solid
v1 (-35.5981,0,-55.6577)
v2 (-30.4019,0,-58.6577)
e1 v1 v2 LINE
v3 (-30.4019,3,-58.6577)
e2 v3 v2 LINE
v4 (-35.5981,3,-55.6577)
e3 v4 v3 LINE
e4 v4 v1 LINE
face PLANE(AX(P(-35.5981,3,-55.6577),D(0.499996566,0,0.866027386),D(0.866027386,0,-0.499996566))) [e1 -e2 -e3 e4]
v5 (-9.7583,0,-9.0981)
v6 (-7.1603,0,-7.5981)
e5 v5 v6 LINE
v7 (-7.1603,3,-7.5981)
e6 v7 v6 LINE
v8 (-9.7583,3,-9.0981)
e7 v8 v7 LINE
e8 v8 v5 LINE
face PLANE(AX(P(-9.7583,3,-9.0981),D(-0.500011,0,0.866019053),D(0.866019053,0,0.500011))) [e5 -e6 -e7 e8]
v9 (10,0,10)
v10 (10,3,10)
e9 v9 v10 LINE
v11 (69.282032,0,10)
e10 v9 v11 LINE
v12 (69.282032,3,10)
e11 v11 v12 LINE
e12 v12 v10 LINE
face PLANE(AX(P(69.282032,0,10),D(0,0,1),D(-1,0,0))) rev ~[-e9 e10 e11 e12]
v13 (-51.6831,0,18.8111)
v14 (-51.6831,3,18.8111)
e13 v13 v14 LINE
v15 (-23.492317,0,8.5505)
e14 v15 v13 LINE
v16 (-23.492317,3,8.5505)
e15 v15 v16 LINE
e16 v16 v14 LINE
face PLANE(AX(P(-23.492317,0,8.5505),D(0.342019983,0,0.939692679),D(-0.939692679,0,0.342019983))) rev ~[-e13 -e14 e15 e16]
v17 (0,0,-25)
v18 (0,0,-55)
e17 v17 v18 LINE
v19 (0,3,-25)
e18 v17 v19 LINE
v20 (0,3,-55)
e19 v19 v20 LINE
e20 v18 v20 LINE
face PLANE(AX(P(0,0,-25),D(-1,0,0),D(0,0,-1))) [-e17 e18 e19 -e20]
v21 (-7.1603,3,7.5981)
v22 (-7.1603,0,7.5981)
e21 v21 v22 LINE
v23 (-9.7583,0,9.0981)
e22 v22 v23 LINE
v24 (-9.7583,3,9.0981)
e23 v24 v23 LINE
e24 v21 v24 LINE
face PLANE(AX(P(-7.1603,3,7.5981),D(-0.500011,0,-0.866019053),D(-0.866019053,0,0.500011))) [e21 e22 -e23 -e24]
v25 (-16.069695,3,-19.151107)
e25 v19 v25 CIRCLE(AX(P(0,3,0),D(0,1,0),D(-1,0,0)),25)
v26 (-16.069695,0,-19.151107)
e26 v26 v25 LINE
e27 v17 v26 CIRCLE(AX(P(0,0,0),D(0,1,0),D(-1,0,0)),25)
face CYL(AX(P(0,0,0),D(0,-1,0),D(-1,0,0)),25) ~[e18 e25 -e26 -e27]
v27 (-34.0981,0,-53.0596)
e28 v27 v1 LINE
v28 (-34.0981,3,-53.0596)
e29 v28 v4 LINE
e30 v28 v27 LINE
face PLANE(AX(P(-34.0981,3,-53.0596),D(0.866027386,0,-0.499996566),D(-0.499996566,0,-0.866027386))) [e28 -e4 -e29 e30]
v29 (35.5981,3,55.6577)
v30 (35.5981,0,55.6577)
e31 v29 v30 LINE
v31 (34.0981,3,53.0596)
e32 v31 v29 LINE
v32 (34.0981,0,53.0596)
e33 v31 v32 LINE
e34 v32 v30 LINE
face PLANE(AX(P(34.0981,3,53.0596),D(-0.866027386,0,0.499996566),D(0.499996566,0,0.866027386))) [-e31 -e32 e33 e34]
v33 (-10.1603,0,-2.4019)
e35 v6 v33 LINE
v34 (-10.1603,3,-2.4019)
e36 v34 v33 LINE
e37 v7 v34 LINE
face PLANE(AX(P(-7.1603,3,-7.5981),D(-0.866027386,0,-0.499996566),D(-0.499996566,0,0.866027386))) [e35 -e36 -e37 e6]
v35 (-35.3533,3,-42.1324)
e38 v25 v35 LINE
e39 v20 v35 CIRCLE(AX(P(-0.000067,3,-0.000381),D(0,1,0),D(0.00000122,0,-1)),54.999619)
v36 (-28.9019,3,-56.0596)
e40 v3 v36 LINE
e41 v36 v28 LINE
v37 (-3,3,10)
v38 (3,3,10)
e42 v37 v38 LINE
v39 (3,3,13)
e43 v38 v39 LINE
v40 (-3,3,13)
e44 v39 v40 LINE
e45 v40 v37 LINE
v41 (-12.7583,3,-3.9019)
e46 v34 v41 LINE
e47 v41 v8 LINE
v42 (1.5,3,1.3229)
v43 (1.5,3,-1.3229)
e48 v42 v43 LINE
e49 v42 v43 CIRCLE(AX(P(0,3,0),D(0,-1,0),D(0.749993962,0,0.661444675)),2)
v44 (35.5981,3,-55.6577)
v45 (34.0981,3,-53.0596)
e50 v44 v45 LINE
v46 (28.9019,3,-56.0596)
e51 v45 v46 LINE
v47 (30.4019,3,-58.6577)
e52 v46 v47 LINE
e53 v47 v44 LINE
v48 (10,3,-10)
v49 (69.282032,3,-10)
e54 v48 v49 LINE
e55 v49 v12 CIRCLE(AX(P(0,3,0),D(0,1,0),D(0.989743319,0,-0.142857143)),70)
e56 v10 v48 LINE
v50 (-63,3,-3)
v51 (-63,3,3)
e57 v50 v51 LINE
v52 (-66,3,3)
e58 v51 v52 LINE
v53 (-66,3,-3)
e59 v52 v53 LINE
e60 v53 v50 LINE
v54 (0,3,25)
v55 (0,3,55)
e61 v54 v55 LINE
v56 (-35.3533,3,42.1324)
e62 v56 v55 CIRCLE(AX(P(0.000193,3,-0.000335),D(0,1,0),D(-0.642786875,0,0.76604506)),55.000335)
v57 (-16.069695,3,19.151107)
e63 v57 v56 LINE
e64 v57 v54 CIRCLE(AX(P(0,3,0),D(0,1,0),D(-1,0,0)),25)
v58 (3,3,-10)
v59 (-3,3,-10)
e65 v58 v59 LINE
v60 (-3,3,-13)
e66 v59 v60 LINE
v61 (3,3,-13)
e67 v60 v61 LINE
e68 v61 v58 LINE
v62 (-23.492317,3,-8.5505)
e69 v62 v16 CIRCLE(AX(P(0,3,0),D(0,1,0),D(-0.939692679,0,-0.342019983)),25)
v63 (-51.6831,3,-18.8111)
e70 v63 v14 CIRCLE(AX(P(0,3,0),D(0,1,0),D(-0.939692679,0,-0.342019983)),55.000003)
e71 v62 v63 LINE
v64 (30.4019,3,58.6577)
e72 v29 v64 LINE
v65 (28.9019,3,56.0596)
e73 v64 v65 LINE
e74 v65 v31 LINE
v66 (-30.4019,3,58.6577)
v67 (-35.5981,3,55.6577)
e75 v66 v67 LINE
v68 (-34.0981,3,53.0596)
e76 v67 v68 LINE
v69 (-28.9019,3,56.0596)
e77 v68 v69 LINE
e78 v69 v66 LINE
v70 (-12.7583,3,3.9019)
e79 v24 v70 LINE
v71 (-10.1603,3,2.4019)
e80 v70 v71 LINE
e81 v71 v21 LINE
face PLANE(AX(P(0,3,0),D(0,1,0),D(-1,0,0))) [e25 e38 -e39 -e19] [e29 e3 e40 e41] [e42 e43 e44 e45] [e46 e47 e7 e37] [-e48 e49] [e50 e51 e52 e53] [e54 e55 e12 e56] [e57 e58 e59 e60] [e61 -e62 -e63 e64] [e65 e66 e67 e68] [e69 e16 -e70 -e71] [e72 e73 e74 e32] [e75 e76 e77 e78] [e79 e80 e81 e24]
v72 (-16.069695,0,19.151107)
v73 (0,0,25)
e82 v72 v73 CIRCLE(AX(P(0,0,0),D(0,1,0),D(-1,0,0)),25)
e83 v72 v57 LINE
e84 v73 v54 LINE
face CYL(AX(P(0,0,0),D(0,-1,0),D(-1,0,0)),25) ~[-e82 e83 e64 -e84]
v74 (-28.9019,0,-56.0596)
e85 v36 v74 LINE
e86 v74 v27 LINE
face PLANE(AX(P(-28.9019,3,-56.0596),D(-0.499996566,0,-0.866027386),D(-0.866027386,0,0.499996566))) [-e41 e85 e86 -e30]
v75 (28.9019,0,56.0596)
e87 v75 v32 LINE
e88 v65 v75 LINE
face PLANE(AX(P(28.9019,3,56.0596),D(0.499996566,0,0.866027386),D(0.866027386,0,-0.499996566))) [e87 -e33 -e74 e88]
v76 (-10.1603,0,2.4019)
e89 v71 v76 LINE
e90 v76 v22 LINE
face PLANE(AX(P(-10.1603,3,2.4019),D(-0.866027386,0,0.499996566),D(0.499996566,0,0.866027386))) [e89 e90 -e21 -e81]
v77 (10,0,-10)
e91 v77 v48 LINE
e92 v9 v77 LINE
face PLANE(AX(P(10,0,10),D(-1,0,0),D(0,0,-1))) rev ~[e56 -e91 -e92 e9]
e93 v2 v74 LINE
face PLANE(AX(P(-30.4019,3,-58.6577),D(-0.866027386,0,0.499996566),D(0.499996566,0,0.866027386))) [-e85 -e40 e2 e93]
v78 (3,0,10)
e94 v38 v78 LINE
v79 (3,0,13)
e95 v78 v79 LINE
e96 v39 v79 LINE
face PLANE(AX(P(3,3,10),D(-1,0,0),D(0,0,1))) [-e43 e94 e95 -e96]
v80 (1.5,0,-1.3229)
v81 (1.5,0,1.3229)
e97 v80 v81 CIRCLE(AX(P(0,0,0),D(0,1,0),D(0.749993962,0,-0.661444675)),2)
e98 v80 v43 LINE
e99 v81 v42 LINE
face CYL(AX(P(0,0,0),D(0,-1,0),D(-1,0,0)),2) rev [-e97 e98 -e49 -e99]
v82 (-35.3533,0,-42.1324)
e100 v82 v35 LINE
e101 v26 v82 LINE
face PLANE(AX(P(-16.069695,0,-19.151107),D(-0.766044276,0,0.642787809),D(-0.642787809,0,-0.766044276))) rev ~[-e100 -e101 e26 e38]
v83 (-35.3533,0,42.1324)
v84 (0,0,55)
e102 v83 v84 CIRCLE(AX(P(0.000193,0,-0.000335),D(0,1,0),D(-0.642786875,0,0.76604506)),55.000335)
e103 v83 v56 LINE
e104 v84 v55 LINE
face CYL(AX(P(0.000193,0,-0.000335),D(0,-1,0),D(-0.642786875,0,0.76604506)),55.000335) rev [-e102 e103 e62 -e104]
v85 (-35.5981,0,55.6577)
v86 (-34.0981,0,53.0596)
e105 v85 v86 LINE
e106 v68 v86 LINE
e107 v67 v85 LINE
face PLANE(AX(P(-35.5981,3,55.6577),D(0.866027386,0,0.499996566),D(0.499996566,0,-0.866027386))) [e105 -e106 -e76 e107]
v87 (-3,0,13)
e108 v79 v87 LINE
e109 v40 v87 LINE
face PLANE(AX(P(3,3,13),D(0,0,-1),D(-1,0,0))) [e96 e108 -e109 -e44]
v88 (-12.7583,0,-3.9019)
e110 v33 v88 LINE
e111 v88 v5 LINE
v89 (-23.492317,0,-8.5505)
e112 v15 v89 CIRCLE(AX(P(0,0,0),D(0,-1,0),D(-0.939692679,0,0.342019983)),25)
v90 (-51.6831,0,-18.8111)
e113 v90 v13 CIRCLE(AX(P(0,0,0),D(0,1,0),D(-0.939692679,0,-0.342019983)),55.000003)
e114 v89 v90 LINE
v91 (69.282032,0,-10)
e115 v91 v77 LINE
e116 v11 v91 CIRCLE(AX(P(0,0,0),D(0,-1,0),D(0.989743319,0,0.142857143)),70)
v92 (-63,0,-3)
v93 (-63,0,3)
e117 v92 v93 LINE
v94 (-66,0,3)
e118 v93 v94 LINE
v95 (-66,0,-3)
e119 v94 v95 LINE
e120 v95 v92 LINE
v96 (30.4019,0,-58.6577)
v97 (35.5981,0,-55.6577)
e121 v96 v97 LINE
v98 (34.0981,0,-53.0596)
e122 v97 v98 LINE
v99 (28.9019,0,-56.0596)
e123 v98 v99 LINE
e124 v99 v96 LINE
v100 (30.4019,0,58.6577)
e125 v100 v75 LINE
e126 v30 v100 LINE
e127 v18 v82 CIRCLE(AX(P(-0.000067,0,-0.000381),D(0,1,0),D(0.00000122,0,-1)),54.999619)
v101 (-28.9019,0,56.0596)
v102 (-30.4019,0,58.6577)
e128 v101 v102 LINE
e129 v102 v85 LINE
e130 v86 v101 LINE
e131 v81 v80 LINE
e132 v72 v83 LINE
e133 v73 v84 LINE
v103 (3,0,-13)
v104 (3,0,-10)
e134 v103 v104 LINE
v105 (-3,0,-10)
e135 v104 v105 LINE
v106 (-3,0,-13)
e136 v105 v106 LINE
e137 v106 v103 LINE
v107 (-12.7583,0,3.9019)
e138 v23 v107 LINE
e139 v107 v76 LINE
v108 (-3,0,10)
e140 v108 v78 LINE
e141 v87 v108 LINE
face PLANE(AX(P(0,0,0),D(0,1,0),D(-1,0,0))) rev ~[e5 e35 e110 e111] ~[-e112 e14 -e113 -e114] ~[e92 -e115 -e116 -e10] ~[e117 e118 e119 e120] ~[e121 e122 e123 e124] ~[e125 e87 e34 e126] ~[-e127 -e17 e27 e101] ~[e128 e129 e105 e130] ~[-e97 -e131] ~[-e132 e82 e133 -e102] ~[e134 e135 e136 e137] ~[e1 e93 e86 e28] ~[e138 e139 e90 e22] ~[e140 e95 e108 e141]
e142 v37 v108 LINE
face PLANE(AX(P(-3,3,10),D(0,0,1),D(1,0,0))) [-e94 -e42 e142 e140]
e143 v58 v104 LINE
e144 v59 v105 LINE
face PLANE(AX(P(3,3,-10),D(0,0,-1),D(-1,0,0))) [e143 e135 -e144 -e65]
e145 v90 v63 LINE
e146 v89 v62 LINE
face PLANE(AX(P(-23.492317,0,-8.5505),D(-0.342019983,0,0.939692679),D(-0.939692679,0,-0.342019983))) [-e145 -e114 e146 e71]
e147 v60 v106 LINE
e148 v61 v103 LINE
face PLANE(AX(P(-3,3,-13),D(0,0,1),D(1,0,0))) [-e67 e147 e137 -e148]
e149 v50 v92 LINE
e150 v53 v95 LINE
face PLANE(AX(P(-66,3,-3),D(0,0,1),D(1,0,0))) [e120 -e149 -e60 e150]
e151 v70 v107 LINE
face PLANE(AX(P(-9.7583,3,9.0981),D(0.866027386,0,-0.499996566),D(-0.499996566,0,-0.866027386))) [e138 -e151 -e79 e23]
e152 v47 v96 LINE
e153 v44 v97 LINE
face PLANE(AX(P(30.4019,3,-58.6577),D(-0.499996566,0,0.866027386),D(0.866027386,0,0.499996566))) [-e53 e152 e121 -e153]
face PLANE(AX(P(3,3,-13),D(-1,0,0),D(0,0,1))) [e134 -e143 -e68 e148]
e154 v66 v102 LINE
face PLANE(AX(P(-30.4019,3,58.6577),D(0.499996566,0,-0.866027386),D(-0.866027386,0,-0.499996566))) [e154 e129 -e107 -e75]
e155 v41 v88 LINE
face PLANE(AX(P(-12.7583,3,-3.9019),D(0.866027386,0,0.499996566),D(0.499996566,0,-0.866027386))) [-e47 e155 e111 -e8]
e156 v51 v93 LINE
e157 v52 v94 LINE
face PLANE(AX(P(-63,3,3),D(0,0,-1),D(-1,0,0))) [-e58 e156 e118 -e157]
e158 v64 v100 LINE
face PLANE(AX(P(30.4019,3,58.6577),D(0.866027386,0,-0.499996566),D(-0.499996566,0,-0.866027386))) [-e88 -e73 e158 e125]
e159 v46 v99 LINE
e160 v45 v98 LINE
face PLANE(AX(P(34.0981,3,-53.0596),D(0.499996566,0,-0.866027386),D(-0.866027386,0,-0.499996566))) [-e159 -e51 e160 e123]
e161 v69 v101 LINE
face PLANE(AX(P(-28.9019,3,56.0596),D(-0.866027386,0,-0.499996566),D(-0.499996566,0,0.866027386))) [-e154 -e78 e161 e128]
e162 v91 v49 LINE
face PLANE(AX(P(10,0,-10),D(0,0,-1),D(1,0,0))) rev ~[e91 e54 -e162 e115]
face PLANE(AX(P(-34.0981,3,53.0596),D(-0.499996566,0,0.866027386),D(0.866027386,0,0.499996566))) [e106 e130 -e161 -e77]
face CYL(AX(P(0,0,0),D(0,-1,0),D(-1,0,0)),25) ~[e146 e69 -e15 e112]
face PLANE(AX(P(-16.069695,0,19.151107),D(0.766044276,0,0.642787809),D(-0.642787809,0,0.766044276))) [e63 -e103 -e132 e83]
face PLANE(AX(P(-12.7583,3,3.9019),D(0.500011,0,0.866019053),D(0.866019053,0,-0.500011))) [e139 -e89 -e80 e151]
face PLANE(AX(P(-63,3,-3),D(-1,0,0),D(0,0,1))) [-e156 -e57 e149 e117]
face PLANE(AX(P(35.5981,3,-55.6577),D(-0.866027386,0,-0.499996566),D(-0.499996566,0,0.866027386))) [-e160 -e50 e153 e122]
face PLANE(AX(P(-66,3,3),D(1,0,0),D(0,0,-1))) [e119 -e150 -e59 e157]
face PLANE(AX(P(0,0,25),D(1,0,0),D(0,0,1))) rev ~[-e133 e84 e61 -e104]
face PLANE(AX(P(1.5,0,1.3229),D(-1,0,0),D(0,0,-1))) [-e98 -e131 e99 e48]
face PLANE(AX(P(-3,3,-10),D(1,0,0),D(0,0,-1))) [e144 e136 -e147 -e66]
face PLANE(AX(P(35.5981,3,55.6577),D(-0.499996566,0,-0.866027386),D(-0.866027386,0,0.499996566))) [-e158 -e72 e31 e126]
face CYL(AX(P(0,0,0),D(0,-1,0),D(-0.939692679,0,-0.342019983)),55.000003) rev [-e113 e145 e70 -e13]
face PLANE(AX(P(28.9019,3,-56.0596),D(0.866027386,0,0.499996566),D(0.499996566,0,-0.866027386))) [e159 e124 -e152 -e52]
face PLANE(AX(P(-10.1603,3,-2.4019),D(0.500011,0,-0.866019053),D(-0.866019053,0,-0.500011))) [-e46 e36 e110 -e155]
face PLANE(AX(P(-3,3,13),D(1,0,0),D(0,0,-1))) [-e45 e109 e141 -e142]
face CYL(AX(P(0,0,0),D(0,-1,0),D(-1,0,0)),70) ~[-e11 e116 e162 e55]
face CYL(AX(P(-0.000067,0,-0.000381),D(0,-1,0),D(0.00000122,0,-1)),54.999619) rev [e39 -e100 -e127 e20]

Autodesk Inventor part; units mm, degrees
ref_plane "YZ Plane" through (0, 0, 0) normal (1, 0, 0) x (0, 1, 0)
ref_plane "XZ Plane" through (0, 0, 0) normal (0, 1, 0) x (-1, 0, 0)
ref_plane "XY Plane" through (0, 0, 0) normal (0, 0, 1) x (1, 0, 0)
sketch "草圖1" plane through (0, 0, 0) normal (0, 1, 0) x (-1, 0, 0)
  circle A0 centre (0, 0) radius 70
  circle A1 centre (0, 0) radius 25
  line L0 (-70, 10) -> (-10, 10)
  line L1 (-10, 10) -> (-10, -10)
  line L2 (-10, -10) -> (-70, -10)
  line L3 (-70, -10) -> (-70, 10)
  line L4 (0, 0) -> (0, -55)
  line L5 (0, 0) -> (35.3533, -42.1324)
  arc A2 (0, -55) -> (35.3533, -42.1324) centre (0, 0) ccw
  line L6 (0, 0) -> (51.6831, -18.8111)
  line L7 (0, 0) -> (51.6831, 18.8111)
  arc A3 (51.6831, -18.8111) -> (51.6831, 18.8111) centre (0, 0) ccw
  line L8 (0, 0) -> (35.3533, 42.1324)
  line L9 (0, 0) -> (0, 55)
  arc A4 (35.3533, 42.1324) -> (0, 55) centre (0, 0) ccw
  line L10 (-9.3, -13.3795) -> (-36.7, -13.3795)
  line L11 (-36.7, -13.3795) -> (-36.7, -69.3795)
  line L12 (-36.7, -69.3795) -> (-9.3, -69.3795)
  line L13 (-9.3, -69.3795) -> (-9.3, -13.3795)
  line L14 (-7.8, -20.3795) -> (-10.8, -20.3795)
  line L15 (-10.8, -20.3795) -> (-10.8, -27.3795)
  line L16 (-10.8, -27.3795) -> (-7.8, -27.3795)
  line L17 (-7.8, -27.3795) -> (-7.8, -20.3795)
  line L18 (-7.8, -55.3795) -> (-10.8, -55.3795)
  line L19 (-10.8, -55.3795) -> (-10.8, -62.3795)
  line L20 (-10.8, -62.3795) -> (-7.8, -62.3795)
  line L21 (-7.8, -62.3795) -> (-7.8, -55.3795)
  line L22 (-35.2, -20.3795) -> (-38.2, -20.3795)
  line L23 (-38.2, -20.3795) -> (-38.2, -27.3795)
  line L24 (-38.2, -27.3795) -> (-35.2, -27.3795)
  line L25 (-35.2, -27.3795) -> (-35.2, -20.3795)
  line L26 (-35.2, -48.3795) -> (-38.2, -48.3795)
  line L27 (-38.2, -48.3795) -> (-38.2, -55.3795)
  line L28 (-38.2, -55.3795) -> (-35.2, -55.3795)
  line L29 (-35.2, -55.3795) -> (-35.2, -48.3795)
  circle A5 centre (0, 0) radius 2
  line L30 (-1.5, 1.3229) -> (-1.5, -1.3229)
  point P0 (-23, -13.3795)
  point P1 (-9.3, -20.3795)
  point P2 (-9.3, -62.3795)
  point P3 (-36.7, -20.3795)
  point P4 (-36.7, -48.3795)
  point P5 (16.0697, -19.1511)
  point P6 (0, -25)
  point P7 (-69.282, 10)
  point P8 (-69.282, -10)
  point P9 (16.0697, 19.1511)
  point P10 (0, 25)
  point P11 (23.4923, -8.5505)
  point P12 (23.4923, 8.5505)
  point P13 (-70, 0)
  dimension "d0" = 140
  dimension "d1" = 50
  dimension "d2" = 20
  dimension "d3" = 60
  dimension "d4" = 55
  dimension "d5" = 40
  dimension "d6" = 55
  dimension "d9" = 140
  dimension "d11" = 13
  dimension "d12" = 27.4
  dimension "d13" = 56
  dimension "d14" = 7
  dimension "d15" = 3
  dimension "d16" = 7
  dimension "d17" = 7
  dimension "d18" = 3
  dimension "d19" = 7
  dimension "d20" = 7
  dimension "d21" = 3
  dimension "d22" = 7
  dimension "d23" = 7
  dimension "d24" = 3
  dimension "d25" = 21
  dimension "d28" = 4
  dimension "d29" = 1.5
extrude "擠出1" add sketch "草圖1" along normal blind 3 contours L13 L20 L21 L18 L16 L17 A1 L4 A2 L5 L6 A3 L7 L8 A4 L9 L0 A0 | A0 L11 L28 L29 L26 L24 L25 L22 L10 A1 L15 L16 L13 L18 L19 L20 | A0 L2 A1 L10 L11 L22 L23 L24 L26 L27 L28 | L20 L19 L18 L13 | L13 L18 L21 L20 | L28 L27 L26 L11 | L11 L26 L29 L28 | A1 L9 A5 L4 L17 L14 L13 L10 L2 L1 L0 | L16 L15 A1 L13 | L13 A1 L17 L16 | A1 L8 A5 L9 | L10 L13 L14 L15 A1 | L24 L23 L22 L11 | L11 L22 L25 L24 | L13 L14 L17 A1 | A1 L15 L14 L13 | A1 L7 A5 L8 | A1 L6 A5 L7 | L30 A5 | L4 A5 L5 A1 | A5 L6 A1 L5
sketch "草圖2" plane through (0, 3, 0) normal (0, 1, 0) x (1, 0, 0)
  line L0 (-66, 3) -> (-63, 3)
  line L1 (-63, 3) -> (-63, -3)
  line L2 (-63, -3) -> (-66, -3)
  line L3 (-66, -3) -> (-66, 3)
  line L4 (-35.5981, -55.6577) -> (-34.0981, -53.0596)
  line L5 (-34.0981, -53.0596) -> (-28.9019, -56.0596)
  line L6 (-28.9019, -56.0596) -> (-30.4019, -58.6577)
  line L7 (-30.4019, -58.6577) -> (-35.5981, -55.6577)
  line L8 (30.4019, -58.6577) -> (28.9019, -56.0596)
  line L9 (28.9019, -56.0596) -> (34.0981, -53.0596)
  line L10 (34.0981, -53.0596) -> (35.5981, -55.6577)
  line L11 (35.5981, -55.6577) -> (30.4019, -58.6577)
  line L12 (66, -3) -> (63, -3)
  line L13 (63, -3) -> (63, 3)
  line L14 (63, 3) -> (66, 3)
  line L15 (66, 3) -> (66, -3)
  line L16 (35.5981, 55.6577) -> (34.0981, 53.0596)
  line L17 (34.0981, 53.0596) -> (28.9019, 56.0596)
  line L18 (28.9019, 56.0596) -> (30.4019, 58.6577)
  line L19 (30.4019, 58.6577) -> (35.5981, 55.6577)
  line L20 (-30.4019, 58.6577) -> (-28.9019, 56.0596)
  line L21 (-28.9019, 56.0596) -> (-34.0981, 53.0596)
  line L22 (-34.0981, 53.0596) -> (-35.5981, 55.6577)
  line L23 (-35.5981, 55.6577) -> (-30.4019, 58.6577)
  point P0 (0, 0)
  point P1 (-63, 0)
  point P2 (-31.5, -54.5596)
  point P3 (31.5, -54.5596)
  point P4 (63, 0)
  point P5 (31.5, 54.5596)
  point P6 (-31.5, 54.5596)
  dimension "d30" = 3
  dimension "d31" = 6
  dimension "d32" = 63
  dimension "d37" = 360
extrude "擠出2" cut sketch "草圖2" against normal through all contours L0 L1 L2 L3 | L4 L5 L6 L7 | L8 L9 L10 L11 | L16 L17 L18 L19 | L20 L21 L22 L23
sketch "草圖3" plane through (0, 3, 0) normal (0, 1, 0) x (1, 0, 0)
  line L0 (-3, 13) -> (3, 13)
  line L1 (3, 13) -> (3, 10)
  line L2 (3, 10) -> (-3, 10)
  line L3 (-3, 10) -> (-3, 13)
  line L4 (-12.7583, 3.9019) -> (-9.7583, 9.0981)
  line L5 (-9.7583, 9.0981) -> (-7.1603, 7.5981)
  line L6 (-7.1603, 7.5981) -> (-10.1603, 2.4019)
  line L7 (-10.1603, 2.4019) -> (-12.7583, 3.9019)
  line L8 (-9.7583, -9.0981) -> (-12.7583, -3.9019)
  line L9 (-12.7583, -3.9019) -> (-10.1603, -2.4019)
  line L10 (-10.1603, -2.4019) -> (-7.1603, -7.5981)
  line L11 (-7.1603, -7.5981) -> (-9.7583, -9.0981)
  line L12 (3, -13) -> (-3, -13)
  line L13 (-3, -13) -> (-3, -10)
  line L14 (-3, -10) -> (3, -10)
  line L15 (3, -10) -> (3, -13)
  point P0 (0, 0)
  point P1 (0, 10)
  point P2 (-8.6603, 5)
  point P3 (-8.6603, -5)
  point P4 (0, -10)
  dimension "d39" = 6
  dimension "d40" = 3
  dimension "d41" = 10
  dimension "d44" = 180
extrude "擠出3" cut sketch "草圖3" against normal through all
properties part number "rolling_plate"
